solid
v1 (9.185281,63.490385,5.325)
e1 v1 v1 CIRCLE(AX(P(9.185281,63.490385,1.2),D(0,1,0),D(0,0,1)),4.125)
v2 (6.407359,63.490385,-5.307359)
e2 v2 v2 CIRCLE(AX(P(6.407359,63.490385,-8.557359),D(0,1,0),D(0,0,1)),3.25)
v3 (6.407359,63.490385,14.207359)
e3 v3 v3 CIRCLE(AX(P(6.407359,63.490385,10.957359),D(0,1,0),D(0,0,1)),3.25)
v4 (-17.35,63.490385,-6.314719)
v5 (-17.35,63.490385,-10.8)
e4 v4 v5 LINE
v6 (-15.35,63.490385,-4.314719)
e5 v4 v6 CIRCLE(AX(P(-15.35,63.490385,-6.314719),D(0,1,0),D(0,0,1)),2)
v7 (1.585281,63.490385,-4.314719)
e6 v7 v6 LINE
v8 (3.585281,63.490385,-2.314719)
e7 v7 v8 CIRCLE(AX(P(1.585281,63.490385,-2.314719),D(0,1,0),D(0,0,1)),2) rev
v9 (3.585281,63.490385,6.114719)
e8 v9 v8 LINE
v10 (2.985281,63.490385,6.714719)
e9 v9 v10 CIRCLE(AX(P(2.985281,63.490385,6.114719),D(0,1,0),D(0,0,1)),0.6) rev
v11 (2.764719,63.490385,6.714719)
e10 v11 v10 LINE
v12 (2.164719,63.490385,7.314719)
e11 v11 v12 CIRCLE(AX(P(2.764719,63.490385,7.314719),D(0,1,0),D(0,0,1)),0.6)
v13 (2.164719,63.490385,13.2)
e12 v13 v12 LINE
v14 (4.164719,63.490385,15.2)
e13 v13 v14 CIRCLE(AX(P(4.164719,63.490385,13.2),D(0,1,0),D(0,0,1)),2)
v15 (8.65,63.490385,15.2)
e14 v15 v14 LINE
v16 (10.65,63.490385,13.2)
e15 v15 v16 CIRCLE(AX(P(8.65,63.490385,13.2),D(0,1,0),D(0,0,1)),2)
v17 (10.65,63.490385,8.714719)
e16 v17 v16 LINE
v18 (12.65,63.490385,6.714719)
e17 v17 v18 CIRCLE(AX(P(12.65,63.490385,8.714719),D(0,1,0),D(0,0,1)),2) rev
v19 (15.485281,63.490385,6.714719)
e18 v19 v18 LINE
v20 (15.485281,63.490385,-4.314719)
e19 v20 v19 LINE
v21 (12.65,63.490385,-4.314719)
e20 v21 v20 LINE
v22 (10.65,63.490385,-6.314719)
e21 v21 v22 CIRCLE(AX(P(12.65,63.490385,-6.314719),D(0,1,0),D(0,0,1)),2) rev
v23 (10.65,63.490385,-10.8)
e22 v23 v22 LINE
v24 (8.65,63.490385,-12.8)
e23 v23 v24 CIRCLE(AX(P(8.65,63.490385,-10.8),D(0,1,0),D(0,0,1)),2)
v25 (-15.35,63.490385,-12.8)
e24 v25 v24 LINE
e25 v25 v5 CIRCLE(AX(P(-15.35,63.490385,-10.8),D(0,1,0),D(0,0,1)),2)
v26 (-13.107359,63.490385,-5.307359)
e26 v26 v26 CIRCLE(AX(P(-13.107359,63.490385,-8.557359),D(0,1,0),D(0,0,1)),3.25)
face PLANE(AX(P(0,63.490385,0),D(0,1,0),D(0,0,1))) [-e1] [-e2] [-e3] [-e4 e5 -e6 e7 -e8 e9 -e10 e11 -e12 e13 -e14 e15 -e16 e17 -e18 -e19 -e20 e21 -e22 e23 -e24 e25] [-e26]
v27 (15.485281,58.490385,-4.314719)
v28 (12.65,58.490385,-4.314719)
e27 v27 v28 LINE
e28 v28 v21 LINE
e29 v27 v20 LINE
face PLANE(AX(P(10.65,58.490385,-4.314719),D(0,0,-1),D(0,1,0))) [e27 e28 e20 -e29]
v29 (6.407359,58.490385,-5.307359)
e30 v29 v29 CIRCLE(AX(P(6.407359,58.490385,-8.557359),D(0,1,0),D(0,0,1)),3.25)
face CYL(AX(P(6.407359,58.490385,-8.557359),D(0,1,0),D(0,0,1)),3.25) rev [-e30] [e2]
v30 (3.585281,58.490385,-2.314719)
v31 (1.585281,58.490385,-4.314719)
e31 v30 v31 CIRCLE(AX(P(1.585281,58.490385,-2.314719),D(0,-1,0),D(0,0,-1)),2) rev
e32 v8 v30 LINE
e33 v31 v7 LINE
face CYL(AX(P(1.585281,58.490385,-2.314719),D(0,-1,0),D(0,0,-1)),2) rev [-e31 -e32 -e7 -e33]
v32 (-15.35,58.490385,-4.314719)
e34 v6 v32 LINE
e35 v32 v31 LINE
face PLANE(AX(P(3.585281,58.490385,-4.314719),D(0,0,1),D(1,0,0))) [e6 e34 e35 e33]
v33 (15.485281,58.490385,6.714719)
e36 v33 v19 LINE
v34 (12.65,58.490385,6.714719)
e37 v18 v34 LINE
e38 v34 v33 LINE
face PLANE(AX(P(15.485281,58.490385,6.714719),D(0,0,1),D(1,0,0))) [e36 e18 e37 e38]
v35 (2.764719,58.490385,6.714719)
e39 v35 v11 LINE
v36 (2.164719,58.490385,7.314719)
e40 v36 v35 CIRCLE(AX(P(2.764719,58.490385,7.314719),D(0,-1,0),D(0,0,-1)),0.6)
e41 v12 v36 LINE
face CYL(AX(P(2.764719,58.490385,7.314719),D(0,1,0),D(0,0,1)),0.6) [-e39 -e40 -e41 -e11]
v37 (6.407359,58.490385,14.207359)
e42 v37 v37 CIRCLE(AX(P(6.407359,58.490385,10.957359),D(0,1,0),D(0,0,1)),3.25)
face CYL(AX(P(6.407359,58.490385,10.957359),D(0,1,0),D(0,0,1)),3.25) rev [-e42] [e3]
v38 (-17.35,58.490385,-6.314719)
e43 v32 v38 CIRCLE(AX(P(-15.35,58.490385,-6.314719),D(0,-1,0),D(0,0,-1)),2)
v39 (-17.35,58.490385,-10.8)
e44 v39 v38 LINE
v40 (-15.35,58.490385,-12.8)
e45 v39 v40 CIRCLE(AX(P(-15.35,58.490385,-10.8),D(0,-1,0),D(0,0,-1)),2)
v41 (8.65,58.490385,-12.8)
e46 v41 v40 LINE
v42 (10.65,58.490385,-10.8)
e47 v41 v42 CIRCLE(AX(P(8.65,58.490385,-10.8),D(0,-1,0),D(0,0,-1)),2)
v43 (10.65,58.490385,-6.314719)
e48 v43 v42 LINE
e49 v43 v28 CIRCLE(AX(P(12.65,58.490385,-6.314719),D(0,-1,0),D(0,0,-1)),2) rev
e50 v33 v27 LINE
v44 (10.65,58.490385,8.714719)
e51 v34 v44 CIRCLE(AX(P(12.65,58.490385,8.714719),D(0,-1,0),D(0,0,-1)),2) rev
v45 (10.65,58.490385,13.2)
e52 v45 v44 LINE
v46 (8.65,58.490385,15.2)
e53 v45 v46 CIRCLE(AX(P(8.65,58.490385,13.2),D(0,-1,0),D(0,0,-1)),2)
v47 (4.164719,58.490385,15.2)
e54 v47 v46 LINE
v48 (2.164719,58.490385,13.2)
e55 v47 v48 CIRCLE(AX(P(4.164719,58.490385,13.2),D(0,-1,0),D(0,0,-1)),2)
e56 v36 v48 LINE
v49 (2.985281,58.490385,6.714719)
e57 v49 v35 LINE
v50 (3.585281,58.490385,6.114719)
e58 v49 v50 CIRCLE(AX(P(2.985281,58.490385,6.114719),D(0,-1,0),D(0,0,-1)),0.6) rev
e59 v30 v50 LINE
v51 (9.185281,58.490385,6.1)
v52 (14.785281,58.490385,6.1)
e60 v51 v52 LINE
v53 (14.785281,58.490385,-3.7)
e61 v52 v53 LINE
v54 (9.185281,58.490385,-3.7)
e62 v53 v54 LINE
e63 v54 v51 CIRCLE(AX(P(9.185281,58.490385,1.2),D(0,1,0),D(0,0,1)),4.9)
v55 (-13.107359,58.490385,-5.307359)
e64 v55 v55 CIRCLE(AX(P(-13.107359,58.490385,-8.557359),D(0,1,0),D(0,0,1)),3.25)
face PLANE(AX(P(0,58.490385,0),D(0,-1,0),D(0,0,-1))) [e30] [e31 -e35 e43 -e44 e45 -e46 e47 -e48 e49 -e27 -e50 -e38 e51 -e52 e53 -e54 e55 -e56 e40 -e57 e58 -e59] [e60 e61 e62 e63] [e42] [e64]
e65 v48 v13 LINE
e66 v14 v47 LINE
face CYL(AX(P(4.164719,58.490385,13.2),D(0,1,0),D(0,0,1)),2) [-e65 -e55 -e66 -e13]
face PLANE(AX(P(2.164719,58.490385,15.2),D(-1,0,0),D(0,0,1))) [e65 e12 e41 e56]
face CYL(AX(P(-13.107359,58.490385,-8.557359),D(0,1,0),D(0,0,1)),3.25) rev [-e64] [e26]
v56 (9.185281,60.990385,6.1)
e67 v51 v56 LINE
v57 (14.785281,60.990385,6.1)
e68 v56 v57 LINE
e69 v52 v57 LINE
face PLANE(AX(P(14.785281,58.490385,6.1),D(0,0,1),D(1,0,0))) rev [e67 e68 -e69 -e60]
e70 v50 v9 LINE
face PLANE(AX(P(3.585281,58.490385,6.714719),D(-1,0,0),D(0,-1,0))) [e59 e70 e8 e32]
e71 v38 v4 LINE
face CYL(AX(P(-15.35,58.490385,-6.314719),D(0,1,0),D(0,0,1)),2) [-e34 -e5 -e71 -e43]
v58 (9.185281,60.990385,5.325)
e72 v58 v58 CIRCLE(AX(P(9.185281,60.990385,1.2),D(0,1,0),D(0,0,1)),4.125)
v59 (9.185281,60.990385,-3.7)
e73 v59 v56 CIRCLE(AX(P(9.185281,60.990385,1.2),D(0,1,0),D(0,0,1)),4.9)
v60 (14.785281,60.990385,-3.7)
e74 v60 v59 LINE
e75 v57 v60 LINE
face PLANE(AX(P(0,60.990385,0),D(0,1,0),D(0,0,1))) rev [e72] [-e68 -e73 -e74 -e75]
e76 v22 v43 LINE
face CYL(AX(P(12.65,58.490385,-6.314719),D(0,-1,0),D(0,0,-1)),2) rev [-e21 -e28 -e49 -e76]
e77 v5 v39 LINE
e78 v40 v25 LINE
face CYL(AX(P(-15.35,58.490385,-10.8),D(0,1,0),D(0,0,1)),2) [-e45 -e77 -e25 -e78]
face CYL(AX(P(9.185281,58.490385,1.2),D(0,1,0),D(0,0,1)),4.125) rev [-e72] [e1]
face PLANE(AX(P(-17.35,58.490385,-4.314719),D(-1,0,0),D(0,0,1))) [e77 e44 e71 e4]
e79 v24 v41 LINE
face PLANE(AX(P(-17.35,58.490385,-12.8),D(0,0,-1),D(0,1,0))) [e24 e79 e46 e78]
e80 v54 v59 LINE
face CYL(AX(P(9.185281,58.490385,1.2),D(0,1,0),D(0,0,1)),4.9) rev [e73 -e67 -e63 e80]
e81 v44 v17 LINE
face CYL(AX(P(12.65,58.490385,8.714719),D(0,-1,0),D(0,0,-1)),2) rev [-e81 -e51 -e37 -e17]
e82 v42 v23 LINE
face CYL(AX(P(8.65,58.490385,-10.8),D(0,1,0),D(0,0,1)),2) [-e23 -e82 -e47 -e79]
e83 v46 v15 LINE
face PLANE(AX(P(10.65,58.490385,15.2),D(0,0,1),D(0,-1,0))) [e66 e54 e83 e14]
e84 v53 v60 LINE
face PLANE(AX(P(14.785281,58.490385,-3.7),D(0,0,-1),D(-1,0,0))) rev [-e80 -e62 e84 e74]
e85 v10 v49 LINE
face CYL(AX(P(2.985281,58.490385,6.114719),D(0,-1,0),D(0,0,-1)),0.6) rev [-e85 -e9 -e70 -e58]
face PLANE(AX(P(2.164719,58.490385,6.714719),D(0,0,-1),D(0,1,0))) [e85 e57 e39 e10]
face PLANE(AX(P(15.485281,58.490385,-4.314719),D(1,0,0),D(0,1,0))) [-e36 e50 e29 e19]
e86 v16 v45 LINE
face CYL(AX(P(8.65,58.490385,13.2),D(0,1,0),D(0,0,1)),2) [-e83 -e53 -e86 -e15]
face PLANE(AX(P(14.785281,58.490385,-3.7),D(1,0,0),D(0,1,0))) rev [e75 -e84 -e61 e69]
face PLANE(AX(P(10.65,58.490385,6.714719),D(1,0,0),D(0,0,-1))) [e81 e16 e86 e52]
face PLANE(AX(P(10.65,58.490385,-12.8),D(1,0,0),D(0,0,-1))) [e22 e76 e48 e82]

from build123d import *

# Parameters (mm, degrees)
SKETCH1_R           = 3.25
BOSS_EXTRUDE4_DEPTH = 2.5
BOSS_EXTRUDE5_START = 2.5
SKETCH1_3_R         = 3.25
SKETCH1_3_R_2       = 4.025
BOSS_EXTRUDE5_DEPTH = 2.5
SKETCH3_R           = 4.125
CUT_EXTRUDE1_DEPTH  = 24.60217151
FILLET1_R           = 0.6
FILLET2_R           = 2


with BuildPart() as part:
    # Sketch1 → Boss-Extrude4 (new body)
    with BuildSketch(Plane(origin=(0, 60.990384594, 0), x_dir=(1, 0, 0), z_dir=(0, 1, 0))):
        Polygon((3.58528137, 4.314718626), (-17.35, 4.314718626), (-17.35, 12.8), (10.65, 12.8), (10.65, 4.314718626), (15.48528137, 4.314718626), (15.48528137, -6.714718626), (10.65, -6.714718626), (10.65, -15.2), (2.164718626, -15.2), (2.164718626, -6.714718626), (3.58528137, -6.714718626), align=None)
        with Locations((6.407359313, -10.957359313)):
            Circle(SKETCH1_R, mode=Mode.SUBTRACT)
        with Locations((-13.107359313, 8.557359313)):
            Circle(SKETCH1_R, mode=Mode.SUBTRACT)
        with Locations((6.407359313, 8.557359313)):
            Circle(SKETCH1_R, mode=Mode.SUBTRACT)
        with BuildLine():
            Line((14.78528137, 3.7), (9.18528137, 3.7))
            ThreePointArc((9.18528137, 3.7), (4.28528137, -1.2), (9.18528137, -6.1))
            Line((9.18528137, -6.1), (14.78528137, -6.1))
            Line((14.78528137, -6.1), (14.78528137, 3.7))
        make_face(mode=Mode.SUBTRACT)
    extrude(amount=-BOSS_EXTRUDE4_DEPTH)

    # Sketch1<3> → Boss-Extrude5 (add)
    with BuildSketch(Plane(origin=(0, 60.990384594, 0), x_dir=(1, 0, 0), z_dir=(0, 1, 0)).offset(BOSS_EXTRUDE5_START)):
        Polygon((-17.35, 4.314718626), (3.58528137, 4.314718626), (3.58528137, -6.714718626), (2.164718626, -6.714718626), (2.164718626, -15.2), (10.65, -15.2), (10.65, -6.714718626), (15.48528137, -6.714718626), (15.48528137, 4.314718626), (10.65, 4.314718626), (10.65, 12.8), (-17.35, 12.8), align=None)
        with Locations((6.407359313, -10.957359313)):
            Circle(SKETCH1_3_R, mode=Mode.SUBTRACT)
        with Locations((-13.107359313, 8.557359313)):
            Circle(SKETCH1_3_R, mode=Mode.SUBTRACT)
        with Locations((6.407359313, 8.557359313)):
            Circle(SKETCH1_3_R, mode=Mode.SUBTRACT)
        with Locations((9.18528137, -1.2)):
            Circle(SKETCH1_3_R_2, mode=Mode.SUBTRACT)
    extrude(amount=-BOSS_EXTRUDE5_DEPTH)

    # Sketch3 → Cut-Extrude1 (cut, through all)
    with BuildSketch(Plane(origin=(0, 63.490384594, 0), x_dir=(1, 0, 0), z_dir=(0, 1, 0))):
        with Locations((9.18528137, -1.2)):
            Circle(SKETCH3_R)
    extrude(amount=-CUT_EXTRUDE1_DEPTH, mode=Mode.SUBTRACT)

    # Fillet1
    fillet1_edges = [part.edges().sort_by_distance(p)[0] for p in [
        (2.164718626, 60.990384594, 6.714718626),
        (3.58528137, 60.990384594, 6.714718626),
    ]]
    fillet(fillet1_edges, radius=FILLET1_R)

    # Fillet2
    fillet2_edges = [part.edges().sort_by_distance(p)[0] for p in [
        (3.58528137, 60.990384594, -4.314718626),
        (-17.35, 60.990384594, -12.8),
        (-17.35, 60.990384594, -4.314718626),
        (10.65, 60.990384594, -12.8),
        (10.65, 60.990384594, -4.314718626),
        (10.65, 60.990384594, 6.714718626),
        (10.65, 60.990384594, 15.2),
        (2.164718626, 60.990384594, 15.2),
    ]]
    fillet(fillet2_edges, radius=FILLET2_R)


solid = part.part
